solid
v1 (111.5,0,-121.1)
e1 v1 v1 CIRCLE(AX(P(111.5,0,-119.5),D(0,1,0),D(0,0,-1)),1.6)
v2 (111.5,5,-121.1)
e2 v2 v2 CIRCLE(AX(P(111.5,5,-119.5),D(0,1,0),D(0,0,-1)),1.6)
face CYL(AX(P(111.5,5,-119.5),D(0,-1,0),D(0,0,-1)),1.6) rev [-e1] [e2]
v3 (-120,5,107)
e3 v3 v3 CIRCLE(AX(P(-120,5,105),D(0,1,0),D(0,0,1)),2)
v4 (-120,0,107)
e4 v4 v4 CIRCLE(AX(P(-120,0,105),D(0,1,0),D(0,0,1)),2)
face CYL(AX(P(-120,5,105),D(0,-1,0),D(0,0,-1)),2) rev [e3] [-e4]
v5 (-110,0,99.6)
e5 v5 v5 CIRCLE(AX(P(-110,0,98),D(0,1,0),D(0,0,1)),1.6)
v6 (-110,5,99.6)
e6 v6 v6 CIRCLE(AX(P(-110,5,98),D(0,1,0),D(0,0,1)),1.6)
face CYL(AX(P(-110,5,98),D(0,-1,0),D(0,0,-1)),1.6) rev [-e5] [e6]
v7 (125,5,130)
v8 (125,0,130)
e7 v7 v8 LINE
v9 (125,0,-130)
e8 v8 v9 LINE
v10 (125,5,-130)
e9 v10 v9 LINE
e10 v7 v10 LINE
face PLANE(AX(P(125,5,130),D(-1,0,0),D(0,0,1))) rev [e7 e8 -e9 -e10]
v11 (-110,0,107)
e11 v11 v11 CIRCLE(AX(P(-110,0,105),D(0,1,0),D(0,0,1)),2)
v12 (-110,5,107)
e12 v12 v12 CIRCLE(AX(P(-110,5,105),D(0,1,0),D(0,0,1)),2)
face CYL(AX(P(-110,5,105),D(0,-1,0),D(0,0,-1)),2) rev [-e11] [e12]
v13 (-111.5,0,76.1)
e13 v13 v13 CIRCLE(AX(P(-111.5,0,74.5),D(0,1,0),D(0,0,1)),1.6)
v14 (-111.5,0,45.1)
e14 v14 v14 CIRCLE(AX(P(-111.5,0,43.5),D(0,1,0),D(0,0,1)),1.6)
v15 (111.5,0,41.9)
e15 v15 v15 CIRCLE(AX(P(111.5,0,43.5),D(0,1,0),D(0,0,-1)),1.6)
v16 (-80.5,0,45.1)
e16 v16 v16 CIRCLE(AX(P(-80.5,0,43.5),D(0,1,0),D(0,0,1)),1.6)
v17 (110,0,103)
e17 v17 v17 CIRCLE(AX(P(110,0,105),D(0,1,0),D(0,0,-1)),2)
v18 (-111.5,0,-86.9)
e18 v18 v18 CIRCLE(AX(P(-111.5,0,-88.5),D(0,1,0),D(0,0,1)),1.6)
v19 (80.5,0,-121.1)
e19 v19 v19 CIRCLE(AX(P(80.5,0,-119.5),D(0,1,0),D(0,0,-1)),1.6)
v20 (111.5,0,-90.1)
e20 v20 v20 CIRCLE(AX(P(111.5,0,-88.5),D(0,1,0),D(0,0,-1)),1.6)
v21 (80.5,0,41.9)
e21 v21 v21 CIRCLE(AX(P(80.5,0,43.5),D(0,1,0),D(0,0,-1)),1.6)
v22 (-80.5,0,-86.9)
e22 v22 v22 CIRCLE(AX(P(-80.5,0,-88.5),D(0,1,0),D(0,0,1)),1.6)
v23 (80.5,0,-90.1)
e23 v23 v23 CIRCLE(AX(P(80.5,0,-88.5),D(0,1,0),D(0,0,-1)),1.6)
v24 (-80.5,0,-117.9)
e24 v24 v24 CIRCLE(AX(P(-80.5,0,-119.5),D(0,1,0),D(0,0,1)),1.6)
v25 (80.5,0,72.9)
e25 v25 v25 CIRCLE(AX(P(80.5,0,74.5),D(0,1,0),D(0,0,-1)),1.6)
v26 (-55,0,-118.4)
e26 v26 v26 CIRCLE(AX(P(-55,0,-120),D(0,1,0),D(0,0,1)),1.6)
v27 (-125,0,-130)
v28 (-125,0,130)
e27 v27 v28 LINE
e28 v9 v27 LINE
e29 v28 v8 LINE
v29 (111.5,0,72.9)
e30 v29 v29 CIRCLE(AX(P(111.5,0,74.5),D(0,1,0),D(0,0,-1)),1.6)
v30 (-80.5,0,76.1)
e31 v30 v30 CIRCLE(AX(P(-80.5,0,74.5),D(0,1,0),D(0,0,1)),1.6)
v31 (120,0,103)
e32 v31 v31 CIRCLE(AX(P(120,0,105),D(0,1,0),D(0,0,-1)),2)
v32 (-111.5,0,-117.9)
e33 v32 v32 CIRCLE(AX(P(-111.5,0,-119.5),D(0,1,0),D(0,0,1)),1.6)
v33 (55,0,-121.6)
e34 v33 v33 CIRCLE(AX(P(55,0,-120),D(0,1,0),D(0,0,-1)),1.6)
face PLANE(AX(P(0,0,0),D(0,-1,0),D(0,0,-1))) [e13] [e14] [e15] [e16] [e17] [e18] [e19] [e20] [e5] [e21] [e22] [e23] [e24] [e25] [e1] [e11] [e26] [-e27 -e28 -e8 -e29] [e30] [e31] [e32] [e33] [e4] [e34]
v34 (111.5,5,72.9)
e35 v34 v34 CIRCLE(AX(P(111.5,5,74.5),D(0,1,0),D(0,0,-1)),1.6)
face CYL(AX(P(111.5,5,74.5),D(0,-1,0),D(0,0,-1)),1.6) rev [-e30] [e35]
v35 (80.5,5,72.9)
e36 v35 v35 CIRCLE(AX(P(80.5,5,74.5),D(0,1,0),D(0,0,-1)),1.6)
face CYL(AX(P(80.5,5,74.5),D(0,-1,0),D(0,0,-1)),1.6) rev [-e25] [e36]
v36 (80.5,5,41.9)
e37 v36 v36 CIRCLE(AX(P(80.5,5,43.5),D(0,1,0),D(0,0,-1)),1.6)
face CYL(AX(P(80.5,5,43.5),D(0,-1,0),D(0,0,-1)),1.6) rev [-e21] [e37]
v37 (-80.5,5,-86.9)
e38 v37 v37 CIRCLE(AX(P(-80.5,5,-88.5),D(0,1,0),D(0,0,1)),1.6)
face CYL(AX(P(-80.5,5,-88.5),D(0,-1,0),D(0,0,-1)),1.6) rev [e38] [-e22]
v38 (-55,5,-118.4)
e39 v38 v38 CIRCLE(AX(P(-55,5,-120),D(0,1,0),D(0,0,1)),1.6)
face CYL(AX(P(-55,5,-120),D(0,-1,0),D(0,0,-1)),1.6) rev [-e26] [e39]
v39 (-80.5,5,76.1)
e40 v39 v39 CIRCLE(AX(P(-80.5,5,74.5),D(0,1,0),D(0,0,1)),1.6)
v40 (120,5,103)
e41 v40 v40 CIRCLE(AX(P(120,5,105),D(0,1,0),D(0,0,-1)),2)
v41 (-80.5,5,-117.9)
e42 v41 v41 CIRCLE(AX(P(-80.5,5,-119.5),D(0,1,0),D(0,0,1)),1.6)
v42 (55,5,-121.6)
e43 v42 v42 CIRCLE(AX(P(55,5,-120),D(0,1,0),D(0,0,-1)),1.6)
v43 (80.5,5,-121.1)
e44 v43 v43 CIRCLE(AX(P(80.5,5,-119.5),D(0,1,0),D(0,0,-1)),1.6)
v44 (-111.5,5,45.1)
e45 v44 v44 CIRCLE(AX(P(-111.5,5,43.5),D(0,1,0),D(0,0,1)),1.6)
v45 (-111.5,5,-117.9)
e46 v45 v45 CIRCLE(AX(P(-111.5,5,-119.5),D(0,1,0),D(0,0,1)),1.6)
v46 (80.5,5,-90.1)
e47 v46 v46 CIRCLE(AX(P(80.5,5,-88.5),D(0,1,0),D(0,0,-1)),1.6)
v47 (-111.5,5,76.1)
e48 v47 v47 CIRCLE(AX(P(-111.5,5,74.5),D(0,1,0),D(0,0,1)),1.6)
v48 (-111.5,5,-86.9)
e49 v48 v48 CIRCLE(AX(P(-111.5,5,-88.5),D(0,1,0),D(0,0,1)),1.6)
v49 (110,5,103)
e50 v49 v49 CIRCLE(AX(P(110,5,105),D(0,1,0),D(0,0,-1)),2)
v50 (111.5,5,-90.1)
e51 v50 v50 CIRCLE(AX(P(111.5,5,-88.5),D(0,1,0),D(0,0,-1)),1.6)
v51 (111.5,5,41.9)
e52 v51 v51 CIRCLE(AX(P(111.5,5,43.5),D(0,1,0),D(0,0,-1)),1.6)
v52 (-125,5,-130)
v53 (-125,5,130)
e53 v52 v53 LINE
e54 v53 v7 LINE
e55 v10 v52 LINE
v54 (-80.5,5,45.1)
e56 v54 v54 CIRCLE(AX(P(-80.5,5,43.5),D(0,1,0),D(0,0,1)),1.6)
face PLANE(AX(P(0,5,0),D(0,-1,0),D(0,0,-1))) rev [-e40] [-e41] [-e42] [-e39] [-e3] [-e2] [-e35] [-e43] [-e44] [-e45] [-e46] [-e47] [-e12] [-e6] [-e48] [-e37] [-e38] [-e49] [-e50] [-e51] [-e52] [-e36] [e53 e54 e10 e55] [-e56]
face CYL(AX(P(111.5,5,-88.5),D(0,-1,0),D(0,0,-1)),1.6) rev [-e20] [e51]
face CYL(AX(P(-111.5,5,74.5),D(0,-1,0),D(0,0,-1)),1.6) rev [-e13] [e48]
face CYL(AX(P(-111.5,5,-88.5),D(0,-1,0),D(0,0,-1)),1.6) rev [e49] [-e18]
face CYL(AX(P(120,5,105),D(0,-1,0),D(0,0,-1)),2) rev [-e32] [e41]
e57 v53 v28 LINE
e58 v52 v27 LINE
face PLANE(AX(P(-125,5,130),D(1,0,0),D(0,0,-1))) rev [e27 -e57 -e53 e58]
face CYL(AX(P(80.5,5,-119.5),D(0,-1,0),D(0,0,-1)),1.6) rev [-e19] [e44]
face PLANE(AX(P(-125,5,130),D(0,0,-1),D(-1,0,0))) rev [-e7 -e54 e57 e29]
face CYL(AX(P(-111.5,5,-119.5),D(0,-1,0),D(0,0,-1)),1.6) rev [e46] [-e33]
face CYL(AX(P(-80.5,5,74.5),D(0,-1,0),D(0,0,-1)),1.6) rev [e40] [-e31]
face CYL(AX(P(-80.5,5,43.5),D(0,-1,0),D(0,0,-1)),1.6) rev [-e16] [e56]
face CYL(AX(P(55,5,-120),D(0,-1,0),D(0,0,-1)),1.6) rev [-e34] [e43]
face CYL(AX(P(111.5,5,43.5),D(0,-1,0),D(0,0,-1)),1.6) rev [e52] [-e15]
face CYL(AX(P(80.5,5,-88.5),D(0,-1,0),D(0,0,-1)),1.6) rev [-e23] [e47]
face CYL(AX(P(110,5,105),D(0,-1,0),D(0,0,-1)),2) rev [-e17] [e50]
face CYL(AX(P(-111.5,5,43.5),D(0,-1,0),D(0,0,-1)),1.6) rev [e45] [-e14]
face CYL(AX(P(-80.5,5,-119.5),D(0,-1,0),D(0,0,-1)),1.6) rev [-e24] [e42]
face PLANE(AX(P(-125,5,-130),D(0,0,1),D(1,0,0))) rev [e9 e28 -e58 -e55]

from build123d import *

# Parameters (mm, degrees)
SKETCH_1_W      = 250
SKETCH_1_H      = 260
SKETCH_1_R      = 1.6
SKETCH_1_R_2    = 2
EXTRUDE_1_DEPTH = 5


with BuildPart() as part:
    # 草图1 → 凸台-拉伸1 (new body)
    with BuildSketch(Plane(origin=(0, 0, 0), x_dir=(1, 0, 0), z_dir=(0, 1, 0))):
        Rectangle(SKETCH_1_W, SKETCH_1_H)
        with Locations(Location((-111.5, 119.5, 0), (0, 0, 270))):
            Circle(SKETCH_1_R, mode=Mode.SUBTRACT)
        with Locations(Location((-80.5, 119.5, 0), (0, 0, 270))):
            Circle(SKETCH_1_R, mode=Mode.SUBTRACT)
        with Locations(Location((-80.5, 88.5, 0), (0, 0, 270))):
            Circle(SKETCH_1_R, mode=Mode.SUBTRACT)
        with Locations(Location((-111.5, 88.5, 0), (0, 0, 270))):
            Circle(SKETCH_1_R, mode=Mode.SUBTRACT)
        with Locations(Location((-111.5, -43.5, 0), (0, 0, 270))):
            Circle(SKETCH_1_R, mode=Mode.SUBTRACT)
        with Locations(Location((-80.5, -43.5, 0), (0, 0, 270))):
            Circle(SKETCH_1_R, mode=Mode.SUBTRACT)
        with Locations(Location((-80.5, -74.5, 0), (0, 0, 270))):
            Circle(SKETCH_1_R, mode=Mode.SUBTRACT)
        with Locations(Location((-111.5, -74.5, 0), (0, 0, 270))):
            Circle(SKETCH_1_R, mode=Mode.SUBTRACT)
        with Locations(Location((111.5, -74.5, 0), (0, 0, 90))):
            Circle(SKETCH_1_R, mode=Mode.SUBTRACT)
        with Locations(Location((80.5, -74.5, 0), (0, 0, 90))):
            Circle(SKETCH_1_R, mode=Mode.SUBTRACT)
        with Locations(Location((80.5, -43.5, 0), (0, 0, 90))):
            Circle(SKETCH_1_R, mode=Mode.SUBTRACT)
        with Locations(Location((111.5, -43.5, 0), (0, 0, 90))):
            Circle(SKETCH_1_R, mode=Mode.SUBTRACT)
        with Locations(Location((111.5, 88.5, 0), (0, 0, 90))):
            Circle(SKETCH_1_R, mode=Mode.SUBTRACT)
        with Locations(Location((80.5, 88.5, 0), (0, 0, 90))):
            Circle(SKETCH_1_R, mode=Mode.SUBTRACT)
        with Locations(Location((80.5, 119.5, 0), (0, 0, 90))):
            Circle(SKETCH_1_R, mode=Mode.SUBTRACT)
        with Locations(Location((111.5, 119.5, 0), (0, 0, 90))):
            Circle(SKETCH_1_R, mode=Mode.SUBTRACT)
        with Locations(Location((-120, -105, 0), (0, 0, 270))):
            Circle(SKETCH_1_R_2, mode=Mode.SUBTRACT)
        with Locations(Location((-110, -105, 0), (0, 0, 270))):
            Circle(SKETCH_1_R_2, mode=Mode.SUBTRACT)
        with Locations(Location((110, -105, 0), (0, 0, 90))):
            Circle(SKETCH_1_R_2, mode=Mode.SUBTRACT)
        with Locations(Location((120, -105, 0), (0, 0, 90))):
            Circle(SKETCH_1_R_2, mode=Mode.SUBTRACT)
        with Locations(Location((-55, 120, 0), (0, 0, 270))):
            Circle(SKETCH_1_R, mode=Mode.SUBTRACT)
        with Locations(Location((55, 120, 0), (0, 0, 90))):
            Circle(SKETCH_1_R, mode=Mode.SUBTRACT)
        with Locations(Location((-110, -98, 0), (0, 0, 270))):
            Circle(SKETCH_1_R, mode=Mode.SUBTRACT)
    extrude(amount=EXTRUDE_1_DEPTH)


solid = part.part
